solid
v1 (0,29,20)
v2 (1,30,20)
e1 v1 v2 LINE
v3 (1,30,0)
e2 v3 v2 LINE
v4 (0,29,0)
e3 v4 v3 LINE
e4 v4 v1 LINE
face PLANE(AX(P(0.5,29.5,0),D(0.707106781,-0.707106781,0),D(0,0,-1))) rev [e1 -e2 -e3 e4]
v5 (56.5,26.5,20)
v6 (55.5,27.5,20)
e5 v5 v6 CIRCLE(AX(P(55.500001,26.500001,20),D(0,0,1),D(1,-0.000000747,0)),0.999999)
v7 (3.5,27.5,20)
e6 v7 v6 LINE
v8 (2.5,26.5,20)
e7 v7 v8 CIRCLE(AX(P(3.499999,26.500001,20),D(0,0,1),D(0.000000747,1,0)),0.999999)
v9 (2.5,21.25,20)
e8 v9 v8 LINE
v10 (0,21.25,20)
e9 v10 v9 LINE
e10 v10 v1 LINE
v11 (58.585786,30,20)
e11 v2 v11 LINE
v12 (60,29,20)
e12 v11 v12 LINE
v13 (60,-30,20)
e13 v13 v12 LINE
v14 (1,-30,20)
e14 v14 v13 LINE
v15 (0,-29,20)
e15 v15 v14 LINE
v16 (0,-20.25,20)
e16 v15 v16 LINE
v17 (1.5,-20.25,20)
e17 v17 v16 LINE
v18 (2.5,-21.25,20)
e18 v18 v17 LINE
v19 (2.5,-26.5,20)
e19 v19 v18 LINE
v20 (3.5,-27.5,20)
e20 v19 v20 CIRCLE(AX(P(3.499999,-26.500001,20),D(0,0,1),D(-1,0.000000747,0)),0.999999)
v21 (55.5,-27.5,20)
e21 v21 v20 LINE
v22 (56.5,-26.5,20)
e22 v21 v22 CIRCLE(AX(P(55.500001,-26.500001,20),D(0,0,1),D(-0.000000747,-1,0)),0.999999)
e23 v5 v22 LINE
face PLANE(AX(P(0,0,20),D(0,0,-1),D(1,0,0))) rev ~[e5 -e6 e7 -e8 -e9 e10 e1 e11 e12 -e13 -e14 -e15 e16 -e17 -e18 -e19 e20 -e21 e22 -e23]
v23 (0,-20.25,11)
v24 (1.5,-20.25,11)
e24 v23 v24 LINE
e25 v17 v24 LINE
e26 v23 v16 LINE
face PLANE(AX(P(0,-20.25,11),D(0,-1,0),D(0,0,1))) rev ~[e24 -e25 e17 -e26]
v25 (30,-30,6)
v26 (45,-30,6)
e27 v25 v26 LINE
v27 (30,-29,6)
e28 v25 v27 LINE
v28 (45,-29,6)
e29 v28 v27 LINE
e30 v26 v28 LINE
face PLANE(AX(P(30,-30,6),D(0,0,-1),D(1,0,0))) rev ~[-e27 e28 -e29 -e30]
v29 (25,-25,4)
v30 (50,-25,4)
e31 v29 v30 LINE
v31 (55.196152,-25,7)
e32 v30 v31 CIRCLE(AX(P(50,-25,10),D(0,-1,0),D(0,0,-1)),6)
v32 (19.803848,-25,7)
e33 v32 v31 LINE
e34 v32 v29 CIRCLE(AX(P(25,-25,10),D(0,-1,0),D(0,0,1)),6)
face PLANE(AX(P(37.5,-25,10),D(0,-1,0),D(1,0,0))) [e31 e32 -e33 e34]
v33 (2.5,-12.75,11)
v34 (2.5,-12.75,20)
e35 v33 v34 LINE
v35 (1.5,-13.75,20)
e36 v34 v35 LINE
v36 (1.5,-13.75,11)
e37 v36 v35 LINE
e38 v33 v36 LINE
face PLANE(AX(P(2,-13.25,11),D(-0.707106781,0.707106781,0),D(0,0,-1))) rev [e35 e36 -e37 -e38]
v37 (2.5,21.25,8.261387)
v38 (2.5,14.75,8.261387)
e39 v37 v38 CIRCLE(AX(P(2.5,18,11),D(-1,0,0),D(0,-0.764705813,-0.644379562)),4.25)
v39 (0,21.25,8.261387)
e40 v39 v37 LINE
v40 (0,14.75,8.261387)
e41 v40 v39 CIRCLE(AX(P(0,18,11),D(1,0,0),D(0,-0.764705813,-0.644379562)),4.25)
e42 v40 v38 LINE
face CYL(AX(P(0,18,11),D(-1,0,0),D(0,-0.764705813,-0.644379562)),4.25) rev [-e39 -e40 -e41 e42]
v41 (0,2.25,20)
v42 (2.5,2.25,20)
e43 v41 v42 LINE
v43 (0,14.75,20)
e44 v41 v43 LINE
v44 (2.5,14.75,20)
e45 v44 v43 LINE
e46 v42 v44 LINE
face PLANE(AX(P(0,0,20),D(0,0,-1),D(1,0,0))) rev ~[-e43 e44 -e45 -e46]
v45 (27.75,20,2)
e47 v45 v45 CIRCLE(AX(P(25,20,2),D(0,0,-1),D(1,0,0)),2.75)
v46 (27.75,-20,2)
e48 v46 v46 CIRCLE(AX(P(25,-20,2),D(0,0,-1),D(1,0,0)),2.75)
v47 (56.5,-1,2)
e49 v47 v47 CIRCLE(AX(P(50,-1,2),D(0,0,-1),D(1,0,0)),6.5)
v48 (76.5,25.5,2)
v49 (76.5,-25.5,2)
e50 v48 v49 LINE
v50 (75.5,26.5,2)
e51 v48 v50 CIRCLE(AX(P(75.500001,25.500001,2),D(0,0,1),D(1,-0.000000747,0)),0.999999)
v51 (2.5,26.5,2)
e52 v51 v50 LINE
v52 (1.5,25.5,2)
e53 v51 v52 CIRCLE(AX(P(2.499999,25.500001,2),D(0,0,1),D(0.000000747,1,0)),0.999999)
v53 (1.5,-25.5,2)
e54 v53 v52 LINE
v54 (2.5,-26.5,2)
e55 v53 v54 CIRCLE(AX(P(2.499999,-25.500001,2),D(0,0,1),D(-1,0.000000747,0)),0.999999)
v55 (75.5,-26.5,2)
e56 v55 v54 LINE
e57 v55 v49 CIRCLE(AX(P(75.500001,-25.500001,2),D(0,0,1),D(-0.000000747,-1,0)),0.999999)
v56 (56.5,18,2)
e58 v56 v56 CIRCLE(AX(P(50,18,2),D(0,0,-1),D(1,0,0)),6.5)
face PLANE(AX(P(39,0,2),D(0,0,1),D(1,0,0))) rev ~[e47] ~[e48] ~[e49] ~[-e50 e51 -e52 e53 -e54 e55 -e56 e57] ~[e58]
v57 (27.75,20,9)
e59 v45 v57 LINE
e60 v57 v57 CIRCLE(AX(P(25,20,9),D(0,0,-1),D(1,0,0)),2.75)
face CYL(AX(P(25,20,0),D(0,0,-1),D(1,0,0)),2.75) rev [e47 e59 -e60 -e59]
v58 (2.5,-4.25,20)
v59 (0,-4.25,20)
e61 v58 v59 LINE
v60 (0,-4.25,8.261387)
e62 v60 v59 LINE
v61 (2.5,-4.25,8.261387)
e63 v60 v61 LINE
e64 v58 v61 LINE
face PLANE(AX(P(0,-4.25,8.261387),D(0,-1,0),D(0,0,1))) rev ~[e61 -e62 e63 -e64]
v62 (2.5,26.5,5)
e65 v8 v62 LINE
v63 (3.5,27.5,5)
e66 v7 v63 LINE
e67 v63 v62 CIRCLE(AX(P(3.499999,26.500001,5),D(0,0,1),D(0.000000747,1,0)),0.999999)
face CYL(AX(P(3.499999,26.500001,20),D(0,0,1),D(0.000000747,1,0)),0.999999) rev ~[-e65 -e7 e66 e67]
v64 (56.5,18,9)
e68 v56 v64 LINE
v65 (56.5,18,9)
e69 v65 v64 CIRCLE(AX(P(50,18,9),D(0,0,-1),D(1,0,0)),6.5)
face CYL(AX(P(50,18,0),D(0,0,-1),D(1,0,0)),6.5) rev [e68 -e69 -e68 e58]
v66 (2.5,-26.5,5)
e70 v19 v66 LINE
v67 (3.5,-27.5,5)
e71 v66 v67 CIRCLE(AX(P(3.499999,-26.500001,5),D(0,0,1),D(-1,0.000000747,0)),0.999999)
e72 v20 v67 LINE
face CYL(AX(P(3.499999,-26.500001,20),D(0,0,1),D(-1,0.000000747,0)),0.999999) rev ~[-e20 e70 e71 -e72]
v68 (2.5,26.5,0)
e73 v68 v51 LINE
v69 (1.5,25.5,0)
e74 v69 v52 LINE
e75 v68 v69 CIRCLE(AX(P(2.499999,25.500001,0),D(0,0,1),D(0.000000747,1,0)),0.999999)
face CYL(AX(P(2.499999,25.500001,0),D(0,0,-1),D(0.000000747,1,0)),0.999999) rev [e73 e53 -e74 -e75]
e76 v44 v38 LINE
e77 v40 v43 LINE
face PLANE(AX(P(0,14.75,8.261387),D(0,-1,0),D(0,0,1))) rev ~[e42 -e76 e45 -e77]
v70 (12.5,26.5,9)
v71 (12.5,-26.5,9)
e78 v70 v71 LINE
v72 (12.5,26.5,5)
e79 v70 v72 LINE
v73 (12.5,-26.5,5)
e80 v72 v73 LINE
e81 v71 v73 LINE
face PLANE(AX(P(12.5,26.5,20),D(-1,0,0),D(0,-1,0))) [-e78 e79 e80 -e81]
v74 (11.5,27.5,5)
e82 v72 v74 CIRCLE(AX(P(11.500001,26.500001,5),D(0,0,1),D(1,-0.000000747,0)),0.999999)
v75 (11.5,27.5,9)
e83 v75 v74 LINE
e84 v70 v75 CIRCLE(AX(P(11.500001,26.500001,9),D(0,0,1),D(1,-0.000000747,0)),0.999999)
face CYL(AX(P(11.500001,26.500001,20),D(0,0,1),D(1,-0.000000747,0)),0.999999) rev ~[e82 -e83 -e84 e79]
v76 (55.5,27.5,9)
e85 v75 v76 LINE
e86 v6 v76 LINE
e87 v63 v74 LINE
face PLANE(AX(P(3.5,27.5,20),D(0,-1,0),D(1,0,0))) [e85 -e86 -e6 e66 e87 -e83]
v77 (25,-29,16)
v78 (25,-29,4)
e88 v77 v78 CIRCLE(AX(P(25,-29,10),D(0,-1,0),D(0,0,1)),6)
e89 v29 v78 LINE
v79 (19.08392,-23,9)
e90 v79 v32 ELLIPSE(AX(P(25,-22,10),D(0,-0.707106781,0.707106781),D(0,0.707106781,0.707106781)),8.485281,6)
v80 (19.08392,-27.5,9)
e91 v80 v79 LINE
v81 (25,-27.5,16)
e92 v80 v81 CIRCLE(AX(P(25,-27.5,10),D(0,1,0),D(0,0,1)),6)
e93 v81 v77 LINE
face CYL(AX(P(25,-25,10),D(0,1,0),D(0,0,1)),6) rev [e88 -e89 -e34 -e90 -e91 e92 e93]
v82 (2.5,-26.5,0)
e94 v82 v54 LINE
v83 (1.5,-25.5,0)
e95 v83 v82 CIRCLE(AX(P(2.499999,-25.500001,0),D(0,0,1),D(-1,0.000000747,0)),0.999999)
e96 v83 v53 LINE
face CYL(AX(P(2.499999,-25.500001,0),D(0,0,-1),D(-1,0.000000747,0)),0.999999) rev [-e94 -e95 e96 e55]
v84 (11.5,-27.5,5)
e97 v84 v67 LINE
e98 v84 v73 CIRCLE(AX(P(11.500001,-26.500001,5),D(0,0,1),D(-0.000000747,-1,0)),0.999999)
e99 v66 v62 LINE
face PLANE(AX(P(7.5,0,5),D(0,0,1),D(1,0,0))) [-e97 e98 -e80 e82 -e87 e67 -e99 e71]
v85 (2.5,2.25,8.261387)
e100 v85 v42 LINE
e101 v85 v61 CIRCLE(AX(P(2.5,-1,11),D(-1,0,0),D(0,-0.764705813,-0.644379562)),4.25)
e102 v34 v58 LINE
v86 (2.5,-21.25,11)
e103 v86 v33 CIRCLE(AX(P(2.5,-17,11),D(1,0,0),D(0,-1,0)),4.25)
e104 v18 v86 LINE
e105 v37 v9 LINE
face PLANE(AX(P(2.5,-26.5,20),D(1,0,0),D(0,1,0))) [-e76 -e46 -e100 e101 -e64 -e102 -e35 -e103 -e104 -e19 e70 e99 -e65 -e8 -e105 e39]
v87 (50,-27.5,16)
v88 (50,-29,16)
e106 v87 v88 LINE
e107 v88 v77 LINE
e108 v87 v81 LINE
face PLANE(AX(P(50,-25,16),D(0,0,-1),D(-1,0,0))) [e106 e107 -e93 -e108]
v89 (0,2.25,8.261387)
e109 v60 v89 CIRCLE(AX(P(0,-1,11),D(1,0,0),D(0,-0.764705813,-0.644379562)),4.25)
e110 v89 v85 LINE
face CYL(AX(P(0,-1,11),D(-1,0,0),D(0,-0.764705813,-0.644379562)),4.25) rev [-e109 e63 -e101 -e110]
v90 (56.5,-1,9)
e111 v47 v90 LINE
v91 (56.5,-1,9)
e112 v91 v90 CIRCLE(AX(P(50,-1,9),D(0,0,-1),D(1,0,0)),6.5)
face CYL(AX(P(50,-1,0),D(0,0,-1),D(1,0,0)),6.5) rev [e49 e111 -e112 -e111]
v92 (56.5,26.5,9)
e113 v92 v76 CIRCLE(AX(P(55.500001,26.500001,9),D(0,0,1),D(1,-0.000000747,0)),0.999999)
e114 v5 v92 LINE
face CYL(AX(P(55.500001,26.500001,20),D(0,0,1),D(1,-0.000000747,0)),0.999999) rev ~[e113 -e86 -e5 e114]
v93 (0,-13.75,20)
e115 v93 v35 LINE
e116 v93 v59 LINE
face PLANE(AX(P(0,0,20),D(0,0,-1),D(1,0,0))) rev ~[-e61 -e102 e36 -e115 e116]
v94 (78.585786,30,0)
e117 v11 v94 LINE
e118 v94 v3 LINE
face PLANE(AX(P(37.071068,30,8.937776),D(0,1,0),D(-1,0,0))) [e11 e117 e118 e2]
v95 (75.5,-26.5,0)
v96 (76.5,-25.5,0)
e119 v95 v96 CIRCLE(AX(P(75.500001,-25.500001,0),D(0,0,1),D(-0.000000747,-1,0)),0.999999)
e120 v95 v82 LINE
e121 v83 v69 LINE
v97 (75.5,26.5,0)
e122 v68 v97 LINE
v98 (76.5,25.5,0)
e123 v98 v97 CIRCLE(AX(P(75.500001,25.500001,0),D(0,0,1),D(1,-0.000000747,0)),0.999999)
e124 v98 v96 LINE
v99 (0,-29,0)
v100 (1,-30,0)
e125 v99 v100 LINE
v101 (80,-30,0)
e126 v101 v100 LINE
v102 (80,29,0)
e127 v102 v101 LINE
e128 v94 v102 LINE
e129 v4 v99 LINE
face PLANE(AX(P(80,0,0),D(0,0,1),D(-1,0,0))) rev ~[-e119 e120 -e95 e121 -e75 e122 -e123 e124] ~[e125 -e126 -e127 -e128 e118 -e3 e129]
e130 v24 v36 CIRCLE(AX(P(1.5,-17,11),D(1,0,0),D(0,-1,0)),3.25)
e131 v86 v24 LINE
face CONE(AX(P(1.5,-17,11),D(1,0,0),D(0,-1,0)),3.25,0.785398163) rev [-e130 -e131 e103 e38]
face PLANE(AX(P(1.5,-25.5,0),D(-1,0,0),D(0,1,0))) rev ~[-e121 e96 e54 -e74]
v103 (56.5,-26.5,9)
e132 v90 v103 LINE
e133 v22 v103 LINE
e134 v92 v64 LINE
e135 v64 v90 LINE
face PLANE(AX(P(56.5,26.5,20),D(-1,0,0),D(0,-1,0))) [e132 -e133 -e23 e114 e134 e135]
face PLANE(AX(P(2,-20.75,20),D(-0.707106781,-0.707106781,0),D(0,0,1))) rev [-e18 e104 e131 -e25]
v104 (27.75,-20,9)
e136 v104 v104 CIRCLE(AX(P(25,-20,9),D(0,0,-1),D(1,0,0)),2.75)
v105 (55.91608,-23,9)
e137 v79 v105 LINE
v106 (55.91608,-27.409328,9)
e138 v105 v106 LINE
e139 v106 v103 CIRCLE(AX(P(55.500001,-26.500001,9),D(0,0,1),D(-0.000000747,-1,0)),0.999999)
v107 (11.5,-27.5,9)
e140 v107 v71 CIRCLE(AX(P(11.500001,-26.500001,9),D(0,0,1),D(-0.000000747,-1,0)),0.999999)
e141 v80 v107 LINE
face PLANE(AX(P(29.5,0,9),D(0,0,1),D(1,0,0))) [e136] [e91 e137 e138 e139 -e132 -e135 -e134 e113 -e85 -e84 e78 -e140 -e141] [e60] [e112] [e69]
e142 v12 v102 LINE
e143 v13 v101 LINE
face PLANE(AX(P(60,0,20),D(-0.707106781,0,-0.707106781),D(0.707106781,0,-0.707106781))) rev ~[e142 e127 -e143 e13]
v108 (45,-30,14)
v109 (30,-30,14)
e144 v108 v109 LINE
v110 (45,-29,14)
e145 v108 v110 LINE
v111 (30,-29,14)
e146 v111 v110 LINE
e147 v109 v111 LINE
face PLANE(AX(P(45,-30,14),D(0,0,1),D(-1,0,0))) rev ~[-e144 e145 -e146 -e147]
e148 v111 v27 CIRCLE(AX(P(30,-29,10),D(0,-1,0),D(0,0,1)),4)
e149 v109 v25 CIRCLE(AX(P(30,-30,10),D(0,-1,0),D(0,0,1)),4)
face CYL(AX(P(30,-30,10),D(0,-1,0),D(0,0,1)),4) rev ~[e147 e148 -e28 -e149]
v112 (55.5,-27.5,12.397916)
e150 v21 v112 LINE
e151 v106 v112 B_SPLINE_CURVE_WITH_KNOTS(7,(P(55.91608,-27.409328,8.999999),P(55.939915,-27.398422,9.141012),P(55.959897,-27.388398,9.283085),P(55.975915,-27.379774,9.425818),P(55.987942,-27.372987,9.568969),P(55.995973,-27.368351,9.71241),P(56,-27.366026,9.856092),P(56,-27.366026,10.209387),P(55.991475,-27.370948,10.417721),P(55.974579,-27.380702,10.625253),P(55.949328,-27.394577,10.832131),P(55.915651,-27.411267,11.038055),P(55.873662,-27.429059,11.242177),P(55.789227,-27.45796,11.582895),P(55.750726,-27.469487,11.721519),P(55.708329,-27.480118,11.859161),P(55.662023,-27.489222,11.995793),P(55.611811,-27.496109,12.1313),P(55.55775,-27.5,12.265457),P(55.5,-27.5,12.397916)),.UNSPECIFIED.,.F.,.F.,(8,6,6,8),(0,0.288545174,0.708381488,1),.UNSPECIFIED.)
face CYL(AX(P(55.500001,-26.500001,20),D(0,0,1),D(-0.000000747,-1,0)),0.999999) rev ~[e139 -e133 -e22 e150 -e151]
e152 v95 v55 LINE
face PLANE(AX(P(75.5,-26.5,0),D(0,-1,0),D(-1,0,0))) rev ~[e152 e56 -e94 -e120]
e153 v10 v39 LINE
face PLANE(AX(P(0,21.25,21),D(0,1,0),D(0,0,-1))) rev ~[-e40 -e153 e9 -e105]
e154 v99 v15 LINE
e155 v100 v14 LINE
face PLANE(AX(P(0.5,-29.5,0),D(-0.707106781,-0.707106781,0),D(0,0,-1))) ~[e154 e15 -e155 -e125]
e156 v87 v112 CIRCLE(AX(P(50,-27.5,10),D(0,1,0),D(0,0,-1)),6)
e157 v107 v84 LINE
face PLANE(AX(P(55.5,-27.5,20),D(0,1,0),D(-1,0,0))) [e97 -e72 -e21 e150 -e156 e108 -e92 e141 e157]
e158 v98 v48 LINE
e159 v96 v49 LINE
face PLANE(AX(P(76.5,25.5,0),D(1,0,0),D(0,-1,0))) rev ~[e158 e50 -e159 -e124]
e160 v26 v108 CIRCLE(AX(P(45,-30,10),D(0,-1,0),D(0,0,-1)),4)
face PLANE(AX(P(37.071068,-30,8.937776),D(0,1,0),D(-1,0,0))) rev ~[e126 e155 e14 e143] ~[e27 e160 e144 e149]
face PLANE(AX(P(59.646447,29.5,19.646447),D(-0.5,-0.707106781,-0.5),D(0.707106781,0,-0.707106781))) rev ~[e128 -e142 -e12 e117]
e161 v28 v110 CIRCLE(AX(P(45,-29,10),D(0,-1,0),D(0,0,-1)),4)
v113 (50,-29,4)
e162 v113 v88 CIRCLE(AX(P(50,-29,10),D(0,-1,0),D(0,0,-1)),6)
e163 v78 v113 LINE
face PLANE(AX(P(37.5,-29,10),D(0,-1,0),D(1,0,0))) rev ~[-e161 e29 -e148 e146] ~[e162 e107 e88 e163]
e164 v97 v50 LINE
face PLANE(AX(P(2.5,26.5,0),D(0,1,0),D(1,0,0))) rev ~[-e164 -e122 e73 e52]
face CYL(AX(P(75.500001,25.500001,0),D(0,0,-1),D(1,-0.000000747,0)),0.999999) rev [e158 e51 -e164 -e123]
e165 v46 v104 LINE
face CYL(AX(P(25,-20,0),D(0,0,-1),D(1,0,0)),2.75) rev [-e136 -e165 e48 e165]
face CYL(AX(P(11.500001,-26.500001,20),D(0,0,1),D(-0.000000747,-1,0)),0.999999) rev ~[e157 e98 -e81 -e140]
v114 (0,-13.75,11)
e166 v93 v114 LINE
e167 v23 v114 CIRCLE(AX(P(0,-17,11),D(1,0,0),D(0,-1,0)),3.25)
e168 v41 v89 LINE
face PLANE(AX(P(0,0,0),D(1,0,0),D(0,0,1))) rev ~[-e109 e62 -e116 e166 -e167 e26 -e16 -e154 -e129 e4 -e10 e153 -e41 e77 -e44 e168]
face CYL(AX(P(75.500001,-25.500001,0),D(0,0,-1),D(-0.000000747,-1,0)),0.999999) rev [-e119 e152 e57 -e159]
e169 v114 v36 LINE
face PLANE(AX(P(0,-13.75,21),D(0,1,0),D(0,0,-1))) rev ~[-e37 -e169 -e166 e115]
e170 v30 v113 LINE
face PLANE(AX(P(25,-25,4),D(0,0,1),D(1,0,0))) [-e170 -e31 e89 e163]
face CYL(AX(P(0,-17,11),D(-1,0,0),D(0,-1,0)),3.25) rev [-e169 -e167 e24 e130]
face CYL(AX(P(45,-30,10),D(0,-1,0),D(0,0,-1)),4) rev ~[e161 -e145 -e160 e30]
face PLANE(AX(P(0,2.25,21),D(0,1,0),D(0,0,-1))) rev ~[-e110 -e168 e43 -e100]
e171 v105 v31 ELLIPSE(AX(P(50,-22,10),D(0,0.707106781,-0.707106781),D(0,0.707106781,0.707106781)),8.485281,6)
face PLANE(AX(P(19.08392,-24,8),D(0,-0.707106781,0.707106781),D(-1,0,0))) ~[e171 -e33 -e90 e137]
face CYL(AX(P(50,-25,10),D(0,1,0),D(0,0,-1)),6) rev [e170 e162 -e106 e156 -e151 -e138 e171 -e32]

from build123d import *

# Parameters (mm, degrees)
PAD_DEPTH       = 30
SKETCH001_R     = 2.75
SKETCH001_R_2   = 6.5
POCKET_DEPTH    = 20.001
POCKET002_DEPTH = 11
POCKET003_DEPTH = 15
POCKET004_DEPTH = 2
POCKET005_DEPTH = 5
POCKET006_DEPTH = 5
POCKET007_DEPTH = 4
CHAMFER_SIZE    = 1
CHAMFER004_SIZE = 2


with BuildPart() as part:
    # Sketch → Pad (new body, symmetric)
    with BuildSketch(Plane.XZ):
        Polygon((0, 0), (0, 20), (60, 20), (80, 0), align=None)
    extrude(amount=PAD_DEPTH, both=True)

    # Sketch001 → Pocket (cut, through all)
    with BuildSketch(Plane.XY):
        with Locations((25, 20)):
            Circle(SKETCH001_R)
        with Locations((25, -20)):
            Circle(SKETCH001_R)
        with Locations((50, 18)):
            Circle(SKETCH001_R_2)
        with Locations((50, -1)):
            Circle(SKETCH001_R_2)
    extrude(amount=POCKET_DEPTH, mode=Mode.SUBTRACT)

    # Sketch003 → Pocket002 (cut)
    with BuildSketch(Plane.XY.offset(20)):
        with BuildLine():
            ThreePointArc((56.5, 26.5), (56.207107, 27.207107), (55.5, 27.5))
            Line((3.5, 27.5), (55.5, 27.5))
            ThreePointArc((3.5, 27.5), (2.792893, 27.207107), (2.5, 26.5))
            Line((2.5, -26.5), (2.5, 26.5))
            ThreePointArc((2.5, -26.5), (2.792893, -27.207107), (3.5, -27.5))
            Line((55.5, -27.5), (3.5, -27.5))
            ThreePointArc((55.5, -27.5), (56.207107, -27.207107), (56.5, -26.5))
            Line((56.5, 26.5), (56.5, -26.5))
        make_face()
    extrude(amount=-POCKET002_DEPTH, mode=Mode.SUBTRACT)

    # Sketch004 → Pocket003 (cut)
    with BuildSketch(Plane.XY.offset(20)):
        with BuildLine():
            ThreePointArc((3.5, 27.5), (2.792893, 27.207107), (2.5, 26.5))
            Line((2.5, -26.5), (2.5, 26.5))
            ThreePointArc((2.5, -26.5), (2.792893, -27.207107), (3.5, -27.5))
            Line((11.5, -27.5), (3.5, -27.5))
            ThreePointArc((11.5, -27.5), (12.207107, -27.207107), (12.5, -26.5))
            Line((12.5, 26.5), (12.5, -26.5))
            ThreePointArc((12.5, 26.5), (12.207107, 27.207107), (11.5, 27.5))
            Line((3.5, 27.5), (11.5, 27.5))
        make_face()
    extrude(amount=-POCKET003_DEPTH, mode=Mode.SUBTRACT)

    # Sketch005 → Pocket004 (cut)
    with BuildSketch(Plane.XY):
        with BuildLine():
            ThreePointArc((2.5, 26.5), (1.792893, 26.207107), (1.5, 25.5))
            Line((1.5, -25.5), (1.5, 25.5))
            ThreePointArc((1.5, -25.5), (1.792893, -26.207107), (2.5, -26.5))
            Line((75.5, -26.5), (2.5, -26.5))
            ThreePointArc((75.5, -26.5), (76.207107, -26.207107), (76.5, -25.5))
            Line((76.5, 25.5), (76.5, -25.5))
            ThreePointArc((76.5, 25.5), (76.207107, 26.207107), (75.5, 26.5))
            Line((2.5, 26.5), (75.5, 26.5))
        make_face()
    extrude(amount=POCKET004_DEPTH, mode=Mode.SUBTRACT)

    # Sketch006 → Pocket005 (cut)
    with BuildSketch(Plane.YZ):
        with BuildLine():
            ThreePointArc((-4.25, 8.261387), (-1, 6.75), (2.25, 8.261387))
            Line((2.25, 21), (2.25, 8.261387))
            Line((-4.25, 21), (2.25, 21))
            Line((-4.25, 8.261387), (-4.25, 21))
        make_face()
        with BuildLine():
            ThreePointArc((14.75, 8.261387), (18, 6.75), (21.25, 8.261387))
            Line((21.25, 21), (21.25, 8.261387))
            Line((14.75, 21), (21.25, 21))
            Line((14.75, 8.261387), (14.75, 21))
        make_face()
        with BuildLine():
            ThreePointArc((-20.25, 11), (-17, 7.75), (-13.75, 11))
            Line((-13.75, 21), (-13.75, 11))
            Line((-20.25, 21), (-13.75, 21))
            Line((-20.25, 11), (-20.25, 21))
        make_face()
    extrude(amount=POCKET005_DEPTH, mode=Mode.SUBTRACT)

    # Sketch007 → Pocket006 (cut)
    with BuildSketch(Plane.XZ.offset(30)):
        with BuildLine():
            ThreePointArc((30, 14), (26, 10), (30, 6))
            Line((30, 6), (45, 6))
            ThreePointArc((45, 6), (49, 10), (45, 14))
            Line((45, 14), (30, 14))
        make_face()
    extrude(amount=-POCKET006_DEPTH, mode=Mode.SUBTRACT)

    # Sketch009 → Pocket007 (cut)
    with BuildSketch(Plane.XZ.offset(25)):
        with BuildLine():
            ThreePointArc((25, 16), (19, 10), (25, 4))
            Line((25, 4), (50, 4))
            ThreePointArc((50, 4), (56, 10), (50, 16))
            Line((50, 16), (25, 16))
        make_face()
    extrude(amount=POCKET007_DEPTH, mode=Mode.SUBTRACT)

    # Chamfer
    chamfer_edges = [part.edges().sort_by_distance(p)[0] for p in [
        (0, -30, 10),
        (0, 30, 10),
        (2.5, -20.25, 15.5),
        (70, 30, 10),
    ]]
    chamfer(chamfer_edges, length=CHAMFER_SIZE)

    # Chamfer004
    chamfer004_edges = [part.edges().sort_by_distance(p)[0] for p in [
        (37.5, -25, 9),
    ]]
    chamfer(chamfer004_edges, length=CHAMFER004_SIZE)


solid = part.part
